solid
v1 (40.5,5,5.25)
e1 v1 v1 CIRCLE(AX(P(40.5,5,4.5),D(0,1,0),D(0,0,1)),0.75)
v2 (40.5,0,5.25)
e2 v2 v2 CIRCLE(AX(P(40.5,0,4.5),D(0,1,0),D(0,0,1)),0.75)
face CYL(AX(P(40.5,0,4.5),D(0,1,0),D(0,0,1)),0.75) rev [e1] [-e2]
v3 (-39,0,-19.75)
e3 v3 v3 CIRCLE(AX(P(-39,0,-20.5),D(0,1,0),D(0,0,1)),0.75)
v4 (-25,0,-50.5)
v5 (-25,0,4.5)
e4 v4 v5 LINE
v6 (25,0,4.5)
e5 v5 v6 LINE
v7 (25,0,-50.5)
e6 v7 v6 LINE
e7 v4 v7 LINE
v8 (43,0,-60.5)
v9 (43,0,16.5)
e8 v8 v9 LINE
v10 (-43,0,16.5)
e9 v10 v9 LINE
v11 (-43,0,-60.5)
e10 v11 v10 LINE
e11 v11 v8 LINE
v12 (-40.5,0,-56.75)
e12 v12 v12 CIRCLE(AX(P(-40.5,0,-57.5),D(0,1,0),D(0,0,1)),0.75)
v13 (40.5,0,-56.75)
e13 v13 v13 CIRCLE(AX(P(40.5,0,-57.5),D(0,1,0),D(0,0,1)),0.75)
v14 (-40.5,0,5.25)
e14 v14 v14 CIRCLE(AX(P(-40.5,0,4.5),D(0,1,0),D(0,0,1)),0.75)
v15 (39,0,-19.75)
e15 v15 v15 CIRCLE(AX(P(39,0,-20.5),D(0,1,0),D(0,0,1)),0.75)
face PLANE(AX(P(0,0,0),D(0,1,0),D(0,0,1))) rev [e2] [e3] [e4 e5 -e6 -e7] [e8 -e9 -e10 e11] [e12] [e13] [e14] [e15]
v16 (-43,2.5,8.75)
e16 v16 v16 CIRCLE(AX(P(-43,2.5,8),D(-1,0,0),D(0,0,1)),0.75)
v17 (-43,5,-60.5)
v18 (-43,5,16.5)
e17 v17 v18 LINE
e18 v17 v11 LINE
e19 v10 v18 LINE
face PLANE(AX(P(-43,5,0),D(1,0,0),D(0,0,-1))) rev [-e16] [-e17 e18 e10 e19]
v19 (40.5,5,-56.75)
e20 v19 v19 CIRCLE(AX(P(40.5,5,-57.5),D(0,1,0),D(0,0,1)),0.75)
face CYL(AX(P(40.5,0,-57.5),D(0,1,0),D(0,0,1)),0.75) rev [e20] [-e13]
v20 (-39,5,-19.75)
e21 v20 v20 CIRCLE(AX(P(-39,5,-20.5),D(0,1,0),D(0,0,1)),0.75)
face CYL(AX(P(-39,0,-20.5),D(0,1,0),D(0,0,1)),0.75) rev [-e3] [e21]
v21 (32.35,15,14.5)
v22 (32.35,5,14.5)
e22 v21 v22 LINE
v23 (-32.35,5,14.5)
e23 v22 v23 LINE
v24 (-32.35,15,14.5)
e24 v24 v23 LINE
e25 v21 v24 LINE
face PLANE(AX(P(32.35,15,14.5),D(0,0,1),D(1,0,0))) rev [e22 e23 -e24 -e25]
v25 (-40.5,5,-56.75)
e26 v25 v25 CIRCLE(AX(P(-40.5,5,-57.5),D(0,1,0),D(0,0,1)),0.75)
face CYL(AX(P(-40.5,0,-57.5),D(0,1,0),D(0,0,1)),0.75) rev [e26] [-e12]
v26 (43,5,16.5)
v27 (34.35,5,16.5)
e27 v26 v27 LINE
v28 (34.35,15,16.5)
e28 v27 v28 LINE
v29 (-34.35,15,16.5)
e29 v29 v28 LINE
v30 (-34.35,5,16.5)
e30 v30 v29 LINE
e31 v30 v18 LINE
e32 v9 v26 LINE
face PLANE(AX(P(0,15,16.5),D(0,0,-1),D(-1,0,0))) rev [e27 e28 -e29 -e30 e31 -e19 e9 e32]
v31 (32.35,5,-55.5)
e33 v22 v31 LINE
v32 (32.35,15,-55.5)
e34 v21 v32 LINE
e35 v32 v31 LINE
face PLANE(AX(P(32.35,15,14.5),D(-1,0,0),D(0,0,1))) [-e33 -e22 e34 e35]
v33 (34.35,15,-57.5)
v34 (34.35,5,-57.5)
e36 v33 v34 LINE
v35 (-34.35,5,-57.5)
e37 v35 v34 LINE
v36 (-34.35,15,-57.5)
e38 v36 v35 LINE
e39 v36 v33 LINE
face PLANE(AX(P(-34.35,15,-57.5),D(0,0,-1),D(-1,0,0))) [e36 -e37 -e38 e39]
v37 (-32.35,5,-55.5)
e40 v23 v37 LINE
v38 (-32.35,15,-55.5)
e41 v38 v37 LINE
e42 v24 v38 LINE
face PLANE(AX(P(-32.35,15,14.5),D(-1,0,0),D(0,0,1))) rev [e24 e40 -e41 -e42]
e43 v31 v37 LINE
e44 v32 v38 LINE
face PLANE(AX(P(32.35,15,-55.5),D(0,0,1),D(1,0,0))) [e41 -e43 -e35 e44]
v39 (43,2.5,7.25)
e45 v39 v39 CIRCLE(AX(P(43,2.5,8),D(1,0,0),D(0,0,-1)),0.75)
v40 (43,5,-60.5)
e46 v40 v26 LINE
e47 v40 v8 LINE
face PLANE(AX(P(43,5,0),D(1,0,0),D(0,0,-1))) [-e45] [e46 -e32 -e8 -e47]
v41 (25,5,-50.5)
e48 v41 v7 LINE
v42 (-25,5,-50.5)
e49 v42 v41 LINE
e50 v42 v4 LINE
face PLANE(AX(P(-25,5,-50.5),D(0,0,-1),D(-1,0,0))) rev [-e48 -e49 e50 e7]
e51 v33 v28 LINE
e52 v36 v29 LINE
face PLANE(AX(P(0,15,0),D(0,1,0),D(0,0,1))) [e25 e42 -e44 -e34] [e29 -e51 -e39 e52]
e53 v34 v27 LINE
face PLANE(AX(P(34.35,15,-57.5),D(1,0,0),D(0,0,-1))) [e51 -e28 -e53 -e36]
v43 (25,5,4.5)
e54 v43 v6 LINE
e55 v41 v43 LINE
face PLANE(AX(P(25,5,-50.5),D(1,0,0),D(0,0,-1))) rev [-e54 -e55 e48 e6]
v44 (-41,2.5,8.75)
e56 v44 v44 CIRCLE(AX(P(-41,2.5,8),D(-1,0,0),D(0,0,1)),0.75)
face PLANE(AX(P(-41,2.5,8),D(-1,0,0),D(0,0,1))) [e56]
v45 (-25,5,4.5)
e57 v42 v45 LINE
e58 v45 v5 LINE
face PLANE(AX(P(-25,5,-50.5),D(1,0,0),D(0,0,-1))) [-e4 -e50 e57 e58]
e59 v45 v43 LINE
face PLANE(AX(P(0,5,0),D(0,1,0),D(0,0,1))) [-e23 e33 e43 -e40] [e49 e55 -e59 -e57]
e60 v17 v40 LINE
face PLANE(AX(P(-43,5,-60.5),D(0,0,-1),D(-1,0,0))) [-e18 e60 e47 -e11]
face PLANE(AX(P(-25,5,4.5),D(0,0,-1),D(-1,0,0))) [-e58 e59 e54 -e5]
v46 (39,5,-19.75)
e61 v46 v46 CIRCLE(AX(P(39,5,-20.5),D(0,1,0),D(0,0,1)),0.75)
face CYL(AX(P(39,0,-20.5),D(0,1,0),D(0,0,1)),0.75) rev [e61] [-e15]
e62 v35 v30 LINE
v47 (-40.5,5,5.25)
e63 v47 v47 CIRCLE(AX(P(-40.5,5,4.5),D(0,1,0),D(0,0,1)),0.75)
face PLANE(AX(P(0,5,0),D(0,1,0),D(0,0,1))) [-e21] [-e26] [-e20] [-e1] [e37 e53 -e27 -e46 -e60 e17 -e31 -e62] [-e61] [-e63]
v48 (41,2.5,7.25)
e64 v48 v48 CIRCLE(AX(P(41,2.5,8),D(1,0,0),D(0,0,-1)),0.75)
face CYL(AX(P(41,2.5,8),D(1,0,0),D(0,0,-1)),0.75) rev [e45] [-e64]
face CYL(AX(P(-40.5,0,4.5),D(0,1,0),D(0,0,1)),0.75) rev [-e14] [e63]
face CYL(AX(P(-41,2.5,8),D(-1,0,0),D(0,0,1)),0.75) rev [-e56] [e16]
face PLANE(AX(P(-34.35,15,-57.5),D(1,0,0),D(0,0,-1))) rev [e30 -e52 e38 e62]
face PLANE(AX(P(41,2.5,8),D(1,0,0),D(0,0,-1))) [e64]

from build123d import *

# Parameters (mm, degrees)
SKETCH_1_W          = 86
SKETCH_1_H          = 174
SKETCH_1_W_2        = 50
SKETCH_1_H_2        = 25
SKETCH_1_H_3        = 55
SKETCH_1_W_3        = 76
SKETCH_1_H_4        = 43
EXTRUDE_1_DEPTH     = 5
SKETCH_4_W          = 68.7
SKETCH_4_H          = 115
SKETCH_4_W_2        = 64.7
SKETCH_4_H_2        = 37
SKETCH_4_H_3        = 70
EXTRUDE_2_DEPTH     = 10
SKETCH_5_R          = 0.75
CUT_EXTRUDE_1_DEPTH = 122.783619588
SKETCH_7_W          = 15
SKETCH_7_H          = 8
SKETCH_7_W_2        = 26
SKETCH_7_W_3        = 5
SKETCH_7_H_2        = 10
SKETCH_7_H_3        = 12.119700025
SKETCH_7_W_4        = 6
SKETCH_7_H_4        = 5
SKETCH_7_W_5        = 7
SKETCH_7_H_5        = 21
CUT_EXTRUDE_2_DEPTH = 2
SKETCH_8_R          = 0.75
CUT_EXTRUDE_3_DEPTH = 2
CUT_EXTRUDE_START   = -84
SKETCH_8_3_R        = 0.75
CUT_EXTRUDE_4_DEPTH = 2
SKETCH_9_R          = 0.75
SKETCH_9_W          = 50
SKETCH_9_H          = 25
SKETCH_9_W_2        = 76
SKETCH_9_H_2        = 43
CUT_EXTRUDE_5_DEPTH = 123.295748086


with BuildPart() as part:
    # 草图1 → 凸台-拉伸1 (new body)
    with BuildSketch(Plane(origin=(0, 0, 0), x_dir=(1, 0, 0), z_dir=(0, 1, 0))):
        with Locations((0, -26.5)):
            Rectangle(SKETCH_1_W, SKETCH_1_H)
        with Locations((0, -38)):
            Rectangle(SKETCH_1_W_2, SKETCH_1_H_2, mode=Mode.SUBTRACT)
        with Locations((0, 23)):
            Rectangle(SKETCH_1_W_2, SKETCH_1_H_3, mode=Mode.SUBTRACT)
        with Locations((0, -87)):
            Rectangle(SKETCH_1_W_3, SKETCH_1_H_4, mode=Mode.SUBTRACT)
    extrude(amount=EXTRUDE_1_DEPTH)

    # 草图4 → 凸台-拉伸2 (add)
    with BuildSketch(Plane(origin=(0, 5, 0), x_dir=(1, 0, 0), z_dir=(0, 1, 0))):
        Rectangle(SKETCH_4_W, SKETCH_4_H)
        with Locations((0, -37)):
            Rectangle(SKETCH_4_W_2, SKETCH_4_H_2, mode=Mode.SUBTRACT)
        with Locations((0, 20.5)):
            Rectangle(SKETCH_4_W_2, SKETCH_4_H_3, mode=Mode.SUBTRACT)
    extrude(amount=EXTRUDE_2_DEPTH)

    # 草图5 → 切除-拉伸1 (cut, through all)
    with BuildSketch(Plane(origin=(0, 5, 0), x_dir=(1, 0, 0), z_dir=(0, 1, 0))):
        with Locations(Location((-39, 20.5, 0), (0, 0, 270))):
            Circle(SKETCH_5_R)
        with Locations(Location((39, 20.5, 0), (0, 0, 270))):
            Circle(SKETCH_5_R)
        with Locations(Location((-39, -32.5, 0), (0, 0, 270))):
            Circle(SKETCH_5_R)
        with Locations(Location((39, -32.5, 0), (0, 0, 270))):
            Circle(SKETCH_5_R)
        with Locations(Location((-40.1427775, -60.35, 0), (0, 0, 270))):
            Circle(SKETCH_5_R)
        with Locations(Location((40.1427775, -60.35, 0), (0, 0, 270))):
            Circle(SKETCH_5_R)
        with Locations(Location((-40.1427775, -110.530299975, 0), (0, 0, 270))):
            Circle(SKETCH_5_R)
        with Locations(Location((40.1427775, -110.530299975, 0), (0, 0, 270))):
            Circle(SKETCH_5_R)
        with Locations(Location((-40.5, 57.5, 0), (0, 0, 270))):
            Circle(SKETCH_5_R)
        with Locations(Location((-40.5, -38, 0), (0, 0, 270))):
            Circle(SKETCH_5_R)
        with Locations(Location((-40.5, -85.5, 0), (0, 0, 270))):
            Circle(SKETCH_5_R)
        with Locations(Location((40.5, 57.5, 0), (0, 0, 270))):
            Circle(SKETCH_5_R)
        with Locations(Location((40.5, -38, 0), (0, 0, 270))):
            Circle(SKETCH_5_R)
        with Locations(Location((40.5, -85.5, 0), (0, 0, 270))):
            Circle(SKETCH_5_R)
        with Locations(Location((-40.5, -4.5, 0), (0, 0, 270))):
            Circle(SKETCH_5_R)
        with Locations(Location((40.5, -4.5, 0), (0, 0, 270))):
            Circle(SKETCH_5_R)
    extrude(amount=-CUT_EXTRUDE_1_DEPTH, mode=Mode.SUBTRACT)

    # 草图7 → 切除-拉伸2 (cut)
    with BuildSketch(Plane(origin=(0, 5, 0), x_dir=(1, 0, 0), z_dir=(0, 1, 0))):
        with Locations((-24.5, -61.5)):
            Rectangle(SKETCH_7_W, SKETCH_7_H)
        with Locations((0, -61.5)):
            Rectangle(SKETCH_7_W_2, SKETCH_7_H)
        with Locations((-40.5, -78.5)):
            Rectangle(SKETCH_7_W_3, SKETCH_7_H_2)
        with Locations((-40.5, -101.440149988)):
            Rectangle(SKETCH_7_W_3, SKETCH_7_H_3)
        with Locations((-32, -111)):
            Rectangle(SKETCH_7_W_4, SKETCH_7_H_4)
        with Locations((-3, -111)):
            Rectangle(SKETCH_7_W_4, SKETCH_7_H_4)
        with Locations((17.5, -111)):
            Rectangle(SKETCH_7_W_5, SKETCH_7_H_4)
        with Locations((30.5, -111)):
            Rectangle(SKETCH_7_W_5, SKETCH_7_H_4)
        with Locations((40.5, -92)):
            Rectangle(SKETCH_7_W_3, SKETCH_7_H_5)
    extrude(amount=-CUT_EXTRUDE_2_DEPTH, mode=Mode.SUBTRACT)

    # 草图8 → 切除-拉伸3 (cut)
    with BuildSketch(Plane.ZY.offset(43)):
        with Locations((8, 2.5)):
            Circle(SKETCH_8_R)
        with Locations((23, 2.5)):
            Circle(SKETCH_8_R)
        with Locations((52, 2.5)):
            Circle(SKETCH_8_R)
        with Locations((63, 2.5)):
            Circle(SKETCH_8_R)
    extrude(amount=-CUT_EXTRUDE_3_DEPTH, mode=Mode.SUBTRACT)

    # 草图8<3> → 切除-拉伸4 (cut)
    with BuildSketch(Plane.ZY.offset(43).offset(CUT_EXTRUDE_START)):
        with Locations((8, 2.5)):
            Circle(SKETCH_8_3_R)
        with Locations((23, 2.5)):
            Circle(SKETCH_8_3_R)
        with Locations((52, 2.5)):
            Circle(SKETCH_8_3_R)
        with Locations((63, 2.5)):
            Circle(SKETCH_8_3_R)
    extrude(amount=-CUT_EXTRUDE_4_DEPTH, mode=Mode.SUBTRACT)

    # 草图9 → 切除-拉伸5 (cut, through all)
    with BuildSketch(Plane(origin=(0, 0, 0), x_dir=(1, 0, 0), z_dir=(0, 1, 0))):
        Polygon((0, -16.5), (-43, -16.5), (-43, -113.5), (43, -113.5), (43, -16.5), align=None)
        with Locations((-40.5, -38)):
            Circle(SKETCH_9_R, mode=Mode.SUBTRACT)
        with Locations((-39, -32.5)):
            Circle(SKETCH_9_R, mode=Mode.SUBTRACT)
        with Locations((0, -38)):
            Rectangle(SKETCH_9_W, SKETCH_9_H, mode=Mode.SUBTRACT)
        with Locations((40.5, -38)):
            Circle(SKETCH_9_R, mode=Mode.SUBTRACT)
        with Locations((39, -32.5)):
            Circle(SKETCH_9_R, mode=Mode.SUBTRACT)
        with Locations((40.1427775, -60.35)):
            Circle(SKETCH_9_R, mode=Mode.SUBTRACT)
        with Locations((-40.1427775, -110.530299975)):
            Circle(SKETCH_9_R, mode=Mode.SUBTRACT)
        with Locations((-40.5, -85.5)):
            Circle(SKETCH_9_R, mode=Mode.SUBTRACT)
        with Locations((0, -87)):
            Rectangle(SKETCH_9_W_2, SKETCH_9_H_2, mode=Mode.SUBTRACT)
        with Locations((-40.1427775, -60.35)):
            Circle(SKETCH_9_R, mode=Mode.SUBTRACT)
        with Locations((40.1427775, -110.530299975)):
            Circle(SKETCH_9_R, mode=Mode.SUBTRACT)
        with Locations((40.5, -85.5)):
            Circle(SKETCH_9_R, mode=Mode.SUBTRACT)
    extrude(amount=CUT_EXTRUDE_5_DEPTH, mode=Mode.SUBTRACT)


solid = part.part
